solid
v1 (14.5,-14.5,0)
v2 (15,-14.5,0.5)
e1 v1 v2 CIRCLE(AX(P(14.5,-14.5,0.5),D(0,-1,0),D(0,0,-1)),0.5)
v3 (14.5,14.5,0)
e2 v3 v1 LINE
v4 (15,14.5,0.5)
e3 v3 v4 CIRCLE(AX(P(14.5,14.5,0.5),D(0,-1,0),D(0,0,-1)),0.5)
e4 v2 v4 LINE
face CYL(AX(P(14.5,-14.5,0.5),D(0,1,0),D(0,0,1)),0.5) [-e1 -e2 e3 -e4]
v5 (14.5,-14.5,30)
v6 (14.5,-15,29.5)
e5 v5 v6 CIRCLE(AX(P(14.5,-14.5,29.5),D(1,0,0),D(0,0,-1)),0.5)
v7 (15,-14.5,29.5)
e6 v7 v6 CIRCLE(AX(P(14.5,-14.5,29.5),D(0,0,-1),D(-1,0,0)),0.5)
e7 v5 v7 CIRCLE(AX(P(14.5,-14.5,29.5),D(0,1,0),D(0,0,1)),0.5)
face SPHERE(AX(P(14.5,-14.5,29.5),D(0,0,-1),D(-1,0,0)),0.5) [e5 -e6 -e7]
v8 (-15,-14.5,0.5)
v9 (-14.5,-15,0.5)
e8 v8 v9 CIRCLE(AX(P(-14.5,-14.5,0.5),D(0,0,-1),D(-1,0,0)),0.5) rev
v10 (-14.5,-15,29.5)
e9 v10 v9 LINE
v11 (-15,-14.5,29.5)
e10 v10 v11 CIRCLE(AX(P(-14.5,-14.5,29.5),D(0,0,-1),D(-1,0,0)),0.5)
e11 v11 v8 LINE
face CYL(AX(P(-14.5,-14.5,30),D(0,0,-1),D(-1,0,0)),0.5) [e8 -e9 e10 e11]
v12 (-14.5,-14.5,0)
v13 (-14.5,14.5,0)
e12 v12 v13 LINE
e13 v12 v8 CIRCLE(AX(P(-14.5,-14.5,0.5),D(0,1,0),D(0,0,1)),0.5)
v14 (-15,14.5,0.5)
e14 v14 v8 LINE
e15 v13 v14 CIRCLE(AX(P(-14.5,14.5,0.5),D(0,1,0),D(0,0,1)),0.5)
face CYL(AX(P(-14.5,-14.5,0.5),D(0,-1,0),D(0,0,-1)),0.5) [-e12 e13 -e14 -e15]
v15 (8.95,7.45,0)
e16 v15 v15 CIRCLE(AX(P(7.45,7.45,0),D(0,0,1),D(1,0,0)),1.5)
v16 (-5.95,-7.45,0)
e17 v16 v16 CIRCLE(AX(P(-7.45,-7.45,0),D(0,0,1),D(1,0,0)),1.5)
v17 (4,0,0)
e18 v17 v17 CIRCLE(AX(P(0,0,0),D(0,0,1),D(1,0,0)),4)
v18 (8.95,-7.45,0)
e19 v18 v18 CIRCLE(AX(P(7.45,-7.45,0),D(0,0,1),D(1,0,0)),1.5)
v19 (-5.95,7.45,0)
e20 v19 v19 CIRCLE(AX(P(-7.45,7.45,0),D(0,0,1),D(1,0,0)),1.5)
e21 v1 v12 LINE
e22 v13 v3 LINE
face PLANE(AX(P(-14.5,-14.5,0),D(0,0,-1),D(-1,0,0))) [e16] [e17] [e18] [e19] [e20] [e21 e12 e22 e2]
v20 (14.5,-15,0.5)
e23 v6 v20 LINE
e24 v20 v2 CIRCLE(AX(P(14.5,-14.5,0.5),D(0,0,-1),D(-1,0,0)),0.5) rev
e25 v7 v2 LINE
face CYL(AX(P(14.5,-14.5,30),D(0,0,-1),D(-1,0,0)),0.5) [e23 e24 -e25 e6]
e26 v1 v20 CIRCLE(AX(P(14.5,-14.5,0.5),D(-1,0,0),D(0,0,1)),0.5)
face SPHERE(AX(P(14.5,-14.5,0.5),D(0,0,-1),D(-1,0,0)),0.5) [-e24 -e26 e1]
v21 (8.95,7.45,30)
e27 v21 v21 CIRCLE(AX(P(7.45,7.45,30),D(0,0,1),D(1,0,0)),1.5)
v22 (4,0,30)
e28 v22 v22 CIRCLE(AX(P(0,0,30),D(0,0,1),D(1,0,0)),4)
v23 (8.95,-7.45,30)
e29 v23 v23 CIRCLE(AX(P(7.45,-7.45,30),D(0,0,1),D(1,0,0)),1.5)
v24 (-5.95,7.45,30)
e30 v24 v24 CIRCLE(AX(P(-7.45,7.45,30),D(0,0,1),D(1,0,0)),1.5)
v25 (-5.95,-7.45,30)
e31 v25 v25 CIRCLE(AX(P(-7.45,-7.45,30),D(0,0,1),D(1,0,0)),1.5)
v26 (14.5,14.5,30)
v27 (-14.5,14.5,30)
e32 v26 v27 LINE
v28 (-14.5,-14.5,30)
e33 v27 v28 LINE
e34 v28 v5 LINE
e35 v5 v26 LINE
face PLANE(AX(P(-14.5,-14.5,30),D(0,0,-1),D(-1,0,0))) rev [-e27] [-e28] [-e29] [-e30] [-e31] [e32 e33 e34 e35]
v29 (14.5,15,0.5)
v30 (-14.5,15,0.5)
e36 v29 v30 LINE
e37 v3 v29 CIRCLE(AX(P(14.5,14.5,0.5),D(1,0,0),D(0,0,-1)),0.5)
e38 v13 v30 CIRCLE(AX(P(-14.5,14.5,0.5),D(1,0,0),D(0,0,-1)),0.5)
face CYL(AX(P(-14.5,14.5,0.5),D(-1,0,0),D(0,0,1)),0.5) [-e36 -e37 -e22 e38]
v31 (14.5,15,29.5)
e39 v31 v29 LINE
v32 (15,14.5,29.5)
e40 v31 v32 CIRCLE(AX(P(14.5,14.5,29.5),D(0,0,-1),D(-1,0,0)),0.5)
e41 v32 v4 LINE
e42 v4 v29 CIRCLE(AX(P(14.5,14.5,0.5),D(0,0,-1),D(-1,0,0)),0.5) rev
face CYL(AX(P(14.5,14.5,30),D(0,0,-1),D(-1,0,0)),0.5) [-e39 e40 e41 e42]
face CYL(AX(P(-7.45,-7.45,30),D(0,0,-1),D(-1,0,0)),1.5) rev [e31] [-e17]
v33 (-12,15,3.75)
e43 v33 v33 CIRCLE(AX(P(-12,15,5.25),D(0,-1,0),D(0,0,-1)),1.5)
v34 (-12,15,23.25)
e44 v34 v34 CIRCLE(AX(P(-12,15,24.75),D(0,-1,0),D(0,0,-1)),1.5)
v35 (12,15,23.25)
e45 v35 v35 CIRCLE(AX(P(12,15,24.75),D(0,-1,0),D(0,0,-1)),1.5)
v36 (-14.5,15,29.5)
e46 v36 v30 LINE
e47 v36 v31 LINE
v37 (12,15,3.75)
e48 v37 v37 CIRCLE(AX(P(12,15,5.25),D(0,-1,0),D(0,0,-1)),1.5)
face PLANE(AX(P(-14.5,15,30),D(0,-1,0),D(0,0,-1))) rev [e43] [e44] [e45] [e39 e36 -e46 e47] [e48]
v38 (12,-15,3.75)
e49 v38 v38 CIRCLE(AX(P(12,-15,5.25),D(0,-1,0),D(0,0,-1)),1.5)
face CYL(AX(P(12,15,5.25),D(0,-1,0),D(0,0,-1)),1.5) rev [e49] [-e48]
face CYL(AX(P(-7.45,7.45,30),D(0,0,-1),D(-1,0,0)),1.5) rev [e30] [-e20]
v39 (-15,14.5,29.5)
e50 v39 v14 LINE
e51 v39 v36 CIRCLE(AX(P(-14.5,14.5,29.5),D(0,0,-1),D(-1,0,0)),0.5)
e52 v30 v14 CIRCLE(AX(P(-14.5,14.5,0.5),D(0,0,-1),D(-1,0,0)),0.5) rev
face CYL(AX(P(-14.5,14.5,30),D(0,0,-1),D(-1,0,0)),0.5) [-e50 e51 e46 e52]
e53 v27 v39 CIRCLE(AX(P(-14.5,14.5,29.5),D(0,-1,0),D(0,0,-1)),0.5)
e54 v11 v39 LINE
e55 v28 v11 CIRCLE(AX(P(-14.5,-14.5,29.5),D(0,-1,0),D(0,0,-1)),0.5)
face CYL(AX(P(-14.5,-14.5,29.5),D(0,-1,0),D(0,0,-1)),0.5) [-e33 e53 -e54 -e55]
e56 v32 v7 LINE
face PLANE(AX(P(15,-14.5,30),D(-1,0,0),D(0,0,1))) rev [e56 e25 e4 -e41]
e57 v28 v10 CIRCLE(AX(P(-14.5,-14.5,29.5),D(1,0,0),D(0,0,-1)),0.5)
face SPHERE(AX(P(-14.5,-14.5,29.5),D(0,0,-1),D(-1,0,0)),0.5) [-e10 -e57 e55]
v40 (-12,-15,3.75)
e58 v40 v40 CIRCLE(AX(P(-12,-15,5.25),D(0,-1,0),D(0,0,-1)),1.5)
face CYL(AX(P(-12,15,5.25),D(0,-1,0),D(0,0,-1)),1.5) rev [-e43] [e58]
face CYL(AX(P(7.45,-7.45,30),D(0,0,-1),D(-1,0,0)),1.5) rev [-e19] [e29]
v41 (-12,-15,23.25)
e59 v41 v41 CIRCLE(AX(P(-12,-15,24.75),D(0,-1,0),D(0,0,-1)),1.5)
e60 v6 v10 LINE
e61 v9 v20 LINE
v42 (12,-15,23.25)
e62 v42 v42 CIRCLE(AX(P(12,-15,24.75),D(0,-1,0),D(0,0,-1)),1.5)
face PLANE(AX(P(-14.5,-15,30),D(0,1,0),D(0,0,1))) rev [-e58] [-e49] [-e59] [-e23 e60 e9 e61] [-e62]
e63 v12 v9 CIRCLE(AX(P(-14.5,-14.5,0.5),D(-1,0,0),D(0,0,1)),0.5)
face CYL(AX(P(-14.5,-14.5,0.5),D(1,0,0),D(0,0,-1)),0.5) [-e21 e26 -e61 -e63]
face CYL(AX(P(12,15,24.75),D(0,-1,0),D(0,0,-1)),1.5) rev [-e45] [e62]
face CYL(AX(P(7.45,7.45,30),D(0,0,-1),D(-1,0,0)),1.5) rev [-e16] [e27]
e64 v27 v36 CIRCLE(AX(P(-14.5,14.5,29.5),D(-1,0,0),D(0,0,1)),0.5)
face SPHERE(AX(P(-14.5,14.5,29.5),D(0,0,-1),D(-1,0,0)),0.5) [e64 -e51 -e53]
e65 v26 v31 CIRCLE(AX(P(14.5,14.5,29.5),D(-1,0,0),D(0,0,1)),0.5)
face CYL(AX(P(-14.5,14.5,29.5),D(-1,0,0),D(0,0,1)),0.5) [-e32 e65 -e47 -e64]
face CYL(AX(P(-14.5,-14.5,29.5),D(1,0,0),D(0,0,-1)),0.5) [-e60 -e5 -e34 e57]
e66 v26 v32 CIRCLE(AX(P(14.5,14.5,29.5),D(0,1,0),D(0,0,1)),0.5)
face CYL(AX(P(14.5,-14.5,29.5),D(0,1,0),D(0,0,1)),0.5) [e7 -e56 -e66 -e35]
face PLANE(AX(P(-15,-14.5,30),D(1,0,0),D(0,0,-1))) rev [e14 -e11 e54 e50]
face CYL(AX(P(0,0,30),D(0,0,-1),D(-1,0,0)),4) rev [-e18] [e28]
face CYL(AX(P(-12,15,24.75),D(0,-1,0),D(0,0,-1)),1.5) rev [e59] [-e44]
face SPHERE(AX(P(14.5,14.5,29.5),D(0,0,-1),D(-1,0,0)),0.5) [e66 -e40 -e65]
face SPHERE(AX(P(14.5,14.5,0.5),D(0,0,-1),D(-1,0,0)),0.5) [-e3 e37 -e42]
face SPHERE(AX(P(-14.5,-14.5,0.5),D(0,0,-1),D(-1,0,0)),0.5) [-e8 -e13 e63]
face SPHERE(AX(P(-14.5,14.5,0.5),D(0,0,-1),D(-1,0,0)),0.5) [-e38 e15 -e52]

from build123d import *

# Parameters (mm, degrees)
CROQUIS1_R              = 4
CROQUIS1_R_2            = 1.5
SALIENTE_EXTRUIR1_DEPTH = 30
CROQUIS2_R              = 1.5
CORTAR_EXTRUIR1_DEPTH   = 30
REDONDEO1_R             = 0.5
REDONDEO2_R             = 0.5


with BuildPart() as part:
    # Croquis1 → Saliente-Extruir1 (new body)
    with BuildSketch(Plane.XY):
        with BuildLine():
            Line((-14.5, -15), (14.5, -15))
            ThreePointArc((14.5, -15), (14.853553391, -14.853553391), (15, -14.5))
            Line((15, -14.5), (15, 14.5))
            ThreePointArc((15, 14.5), (14.853553391, 14.853553391), (14.5, 15))
            Line((14.5, 15), (-14.5, 15))
            ThreePointArc((-14.5, 15), (-14.853553391, 14.853553391), (-15, 14.5))
            Line((-15, 14.5), (-15, -14.5))
            ThreePointArc((-15, -14.5), (-14.853553391, -14.853553391), (-14.5, -15))
        make_face()
        Circle(CROQUIS1_R, mode=Mode.SUBTRACT)
        with Locations((-7.45, 7.45)):
            Circle(CROQUIS1_R_2, mode=Mode.SUBTRACT)
        with Locations((7.45, 7.45)):
            Circle(CROQUIS1_R_2, mode=Mode.SUBTRACT)
        with Locations((-7.45, -7.45)):
            Circle(CROQUIS1_R_2, mode=Mode.SUBTRACT)
        with Locations((7.45, -7.45)):
            Circle(CROQUIS1_R_2, mode=Mode.SUBTRACT)
    extrude(amount=SALIENTE_EXTRUIR1_DEPTH)

    # Croquis2 → Cortar-Extruir1 (cut)
    with BuildSketch(Plane.XZ.offset(15)):
        with Locations((-12, 24.75)):
            Circle(CROQUIS2_R)
        with Locations((12, 24.75)):
            Circle(CROQUIS2_R)
        with Locations((12, 5.25)):
            Circle(CROQUIS2_R)
        with Locations((-12, 5.25)):
            Circle(CROQUIS2_R)
    extrude(amount=-CORTAR_EXTRUIR1_DEPTH, mode=Mode.SUBTRACT)

    # Redondeo1
    redondeo1_edges = [part.edges().sort_by_distance(p)[0] for p in [
        (15, 0, 30),
        (0, 15, 30),
        (-15, 0, 30),
        (0, -15, 30),
    ]]
    fillet(redondeo1_edges, radius=REDONDEO1_R)

    # Redondeo2
    redondeo2_edges = [part.edges().sort_by_distance(p)[0] for p in [
        (15, 0, 0),
        (0, -15, 0),
        (-15, 0, 0),
        (0, 15, 0),
    ]]
    fillet(redondeo2_edges, radius=REDONDEO2_R)


solid = part.part
